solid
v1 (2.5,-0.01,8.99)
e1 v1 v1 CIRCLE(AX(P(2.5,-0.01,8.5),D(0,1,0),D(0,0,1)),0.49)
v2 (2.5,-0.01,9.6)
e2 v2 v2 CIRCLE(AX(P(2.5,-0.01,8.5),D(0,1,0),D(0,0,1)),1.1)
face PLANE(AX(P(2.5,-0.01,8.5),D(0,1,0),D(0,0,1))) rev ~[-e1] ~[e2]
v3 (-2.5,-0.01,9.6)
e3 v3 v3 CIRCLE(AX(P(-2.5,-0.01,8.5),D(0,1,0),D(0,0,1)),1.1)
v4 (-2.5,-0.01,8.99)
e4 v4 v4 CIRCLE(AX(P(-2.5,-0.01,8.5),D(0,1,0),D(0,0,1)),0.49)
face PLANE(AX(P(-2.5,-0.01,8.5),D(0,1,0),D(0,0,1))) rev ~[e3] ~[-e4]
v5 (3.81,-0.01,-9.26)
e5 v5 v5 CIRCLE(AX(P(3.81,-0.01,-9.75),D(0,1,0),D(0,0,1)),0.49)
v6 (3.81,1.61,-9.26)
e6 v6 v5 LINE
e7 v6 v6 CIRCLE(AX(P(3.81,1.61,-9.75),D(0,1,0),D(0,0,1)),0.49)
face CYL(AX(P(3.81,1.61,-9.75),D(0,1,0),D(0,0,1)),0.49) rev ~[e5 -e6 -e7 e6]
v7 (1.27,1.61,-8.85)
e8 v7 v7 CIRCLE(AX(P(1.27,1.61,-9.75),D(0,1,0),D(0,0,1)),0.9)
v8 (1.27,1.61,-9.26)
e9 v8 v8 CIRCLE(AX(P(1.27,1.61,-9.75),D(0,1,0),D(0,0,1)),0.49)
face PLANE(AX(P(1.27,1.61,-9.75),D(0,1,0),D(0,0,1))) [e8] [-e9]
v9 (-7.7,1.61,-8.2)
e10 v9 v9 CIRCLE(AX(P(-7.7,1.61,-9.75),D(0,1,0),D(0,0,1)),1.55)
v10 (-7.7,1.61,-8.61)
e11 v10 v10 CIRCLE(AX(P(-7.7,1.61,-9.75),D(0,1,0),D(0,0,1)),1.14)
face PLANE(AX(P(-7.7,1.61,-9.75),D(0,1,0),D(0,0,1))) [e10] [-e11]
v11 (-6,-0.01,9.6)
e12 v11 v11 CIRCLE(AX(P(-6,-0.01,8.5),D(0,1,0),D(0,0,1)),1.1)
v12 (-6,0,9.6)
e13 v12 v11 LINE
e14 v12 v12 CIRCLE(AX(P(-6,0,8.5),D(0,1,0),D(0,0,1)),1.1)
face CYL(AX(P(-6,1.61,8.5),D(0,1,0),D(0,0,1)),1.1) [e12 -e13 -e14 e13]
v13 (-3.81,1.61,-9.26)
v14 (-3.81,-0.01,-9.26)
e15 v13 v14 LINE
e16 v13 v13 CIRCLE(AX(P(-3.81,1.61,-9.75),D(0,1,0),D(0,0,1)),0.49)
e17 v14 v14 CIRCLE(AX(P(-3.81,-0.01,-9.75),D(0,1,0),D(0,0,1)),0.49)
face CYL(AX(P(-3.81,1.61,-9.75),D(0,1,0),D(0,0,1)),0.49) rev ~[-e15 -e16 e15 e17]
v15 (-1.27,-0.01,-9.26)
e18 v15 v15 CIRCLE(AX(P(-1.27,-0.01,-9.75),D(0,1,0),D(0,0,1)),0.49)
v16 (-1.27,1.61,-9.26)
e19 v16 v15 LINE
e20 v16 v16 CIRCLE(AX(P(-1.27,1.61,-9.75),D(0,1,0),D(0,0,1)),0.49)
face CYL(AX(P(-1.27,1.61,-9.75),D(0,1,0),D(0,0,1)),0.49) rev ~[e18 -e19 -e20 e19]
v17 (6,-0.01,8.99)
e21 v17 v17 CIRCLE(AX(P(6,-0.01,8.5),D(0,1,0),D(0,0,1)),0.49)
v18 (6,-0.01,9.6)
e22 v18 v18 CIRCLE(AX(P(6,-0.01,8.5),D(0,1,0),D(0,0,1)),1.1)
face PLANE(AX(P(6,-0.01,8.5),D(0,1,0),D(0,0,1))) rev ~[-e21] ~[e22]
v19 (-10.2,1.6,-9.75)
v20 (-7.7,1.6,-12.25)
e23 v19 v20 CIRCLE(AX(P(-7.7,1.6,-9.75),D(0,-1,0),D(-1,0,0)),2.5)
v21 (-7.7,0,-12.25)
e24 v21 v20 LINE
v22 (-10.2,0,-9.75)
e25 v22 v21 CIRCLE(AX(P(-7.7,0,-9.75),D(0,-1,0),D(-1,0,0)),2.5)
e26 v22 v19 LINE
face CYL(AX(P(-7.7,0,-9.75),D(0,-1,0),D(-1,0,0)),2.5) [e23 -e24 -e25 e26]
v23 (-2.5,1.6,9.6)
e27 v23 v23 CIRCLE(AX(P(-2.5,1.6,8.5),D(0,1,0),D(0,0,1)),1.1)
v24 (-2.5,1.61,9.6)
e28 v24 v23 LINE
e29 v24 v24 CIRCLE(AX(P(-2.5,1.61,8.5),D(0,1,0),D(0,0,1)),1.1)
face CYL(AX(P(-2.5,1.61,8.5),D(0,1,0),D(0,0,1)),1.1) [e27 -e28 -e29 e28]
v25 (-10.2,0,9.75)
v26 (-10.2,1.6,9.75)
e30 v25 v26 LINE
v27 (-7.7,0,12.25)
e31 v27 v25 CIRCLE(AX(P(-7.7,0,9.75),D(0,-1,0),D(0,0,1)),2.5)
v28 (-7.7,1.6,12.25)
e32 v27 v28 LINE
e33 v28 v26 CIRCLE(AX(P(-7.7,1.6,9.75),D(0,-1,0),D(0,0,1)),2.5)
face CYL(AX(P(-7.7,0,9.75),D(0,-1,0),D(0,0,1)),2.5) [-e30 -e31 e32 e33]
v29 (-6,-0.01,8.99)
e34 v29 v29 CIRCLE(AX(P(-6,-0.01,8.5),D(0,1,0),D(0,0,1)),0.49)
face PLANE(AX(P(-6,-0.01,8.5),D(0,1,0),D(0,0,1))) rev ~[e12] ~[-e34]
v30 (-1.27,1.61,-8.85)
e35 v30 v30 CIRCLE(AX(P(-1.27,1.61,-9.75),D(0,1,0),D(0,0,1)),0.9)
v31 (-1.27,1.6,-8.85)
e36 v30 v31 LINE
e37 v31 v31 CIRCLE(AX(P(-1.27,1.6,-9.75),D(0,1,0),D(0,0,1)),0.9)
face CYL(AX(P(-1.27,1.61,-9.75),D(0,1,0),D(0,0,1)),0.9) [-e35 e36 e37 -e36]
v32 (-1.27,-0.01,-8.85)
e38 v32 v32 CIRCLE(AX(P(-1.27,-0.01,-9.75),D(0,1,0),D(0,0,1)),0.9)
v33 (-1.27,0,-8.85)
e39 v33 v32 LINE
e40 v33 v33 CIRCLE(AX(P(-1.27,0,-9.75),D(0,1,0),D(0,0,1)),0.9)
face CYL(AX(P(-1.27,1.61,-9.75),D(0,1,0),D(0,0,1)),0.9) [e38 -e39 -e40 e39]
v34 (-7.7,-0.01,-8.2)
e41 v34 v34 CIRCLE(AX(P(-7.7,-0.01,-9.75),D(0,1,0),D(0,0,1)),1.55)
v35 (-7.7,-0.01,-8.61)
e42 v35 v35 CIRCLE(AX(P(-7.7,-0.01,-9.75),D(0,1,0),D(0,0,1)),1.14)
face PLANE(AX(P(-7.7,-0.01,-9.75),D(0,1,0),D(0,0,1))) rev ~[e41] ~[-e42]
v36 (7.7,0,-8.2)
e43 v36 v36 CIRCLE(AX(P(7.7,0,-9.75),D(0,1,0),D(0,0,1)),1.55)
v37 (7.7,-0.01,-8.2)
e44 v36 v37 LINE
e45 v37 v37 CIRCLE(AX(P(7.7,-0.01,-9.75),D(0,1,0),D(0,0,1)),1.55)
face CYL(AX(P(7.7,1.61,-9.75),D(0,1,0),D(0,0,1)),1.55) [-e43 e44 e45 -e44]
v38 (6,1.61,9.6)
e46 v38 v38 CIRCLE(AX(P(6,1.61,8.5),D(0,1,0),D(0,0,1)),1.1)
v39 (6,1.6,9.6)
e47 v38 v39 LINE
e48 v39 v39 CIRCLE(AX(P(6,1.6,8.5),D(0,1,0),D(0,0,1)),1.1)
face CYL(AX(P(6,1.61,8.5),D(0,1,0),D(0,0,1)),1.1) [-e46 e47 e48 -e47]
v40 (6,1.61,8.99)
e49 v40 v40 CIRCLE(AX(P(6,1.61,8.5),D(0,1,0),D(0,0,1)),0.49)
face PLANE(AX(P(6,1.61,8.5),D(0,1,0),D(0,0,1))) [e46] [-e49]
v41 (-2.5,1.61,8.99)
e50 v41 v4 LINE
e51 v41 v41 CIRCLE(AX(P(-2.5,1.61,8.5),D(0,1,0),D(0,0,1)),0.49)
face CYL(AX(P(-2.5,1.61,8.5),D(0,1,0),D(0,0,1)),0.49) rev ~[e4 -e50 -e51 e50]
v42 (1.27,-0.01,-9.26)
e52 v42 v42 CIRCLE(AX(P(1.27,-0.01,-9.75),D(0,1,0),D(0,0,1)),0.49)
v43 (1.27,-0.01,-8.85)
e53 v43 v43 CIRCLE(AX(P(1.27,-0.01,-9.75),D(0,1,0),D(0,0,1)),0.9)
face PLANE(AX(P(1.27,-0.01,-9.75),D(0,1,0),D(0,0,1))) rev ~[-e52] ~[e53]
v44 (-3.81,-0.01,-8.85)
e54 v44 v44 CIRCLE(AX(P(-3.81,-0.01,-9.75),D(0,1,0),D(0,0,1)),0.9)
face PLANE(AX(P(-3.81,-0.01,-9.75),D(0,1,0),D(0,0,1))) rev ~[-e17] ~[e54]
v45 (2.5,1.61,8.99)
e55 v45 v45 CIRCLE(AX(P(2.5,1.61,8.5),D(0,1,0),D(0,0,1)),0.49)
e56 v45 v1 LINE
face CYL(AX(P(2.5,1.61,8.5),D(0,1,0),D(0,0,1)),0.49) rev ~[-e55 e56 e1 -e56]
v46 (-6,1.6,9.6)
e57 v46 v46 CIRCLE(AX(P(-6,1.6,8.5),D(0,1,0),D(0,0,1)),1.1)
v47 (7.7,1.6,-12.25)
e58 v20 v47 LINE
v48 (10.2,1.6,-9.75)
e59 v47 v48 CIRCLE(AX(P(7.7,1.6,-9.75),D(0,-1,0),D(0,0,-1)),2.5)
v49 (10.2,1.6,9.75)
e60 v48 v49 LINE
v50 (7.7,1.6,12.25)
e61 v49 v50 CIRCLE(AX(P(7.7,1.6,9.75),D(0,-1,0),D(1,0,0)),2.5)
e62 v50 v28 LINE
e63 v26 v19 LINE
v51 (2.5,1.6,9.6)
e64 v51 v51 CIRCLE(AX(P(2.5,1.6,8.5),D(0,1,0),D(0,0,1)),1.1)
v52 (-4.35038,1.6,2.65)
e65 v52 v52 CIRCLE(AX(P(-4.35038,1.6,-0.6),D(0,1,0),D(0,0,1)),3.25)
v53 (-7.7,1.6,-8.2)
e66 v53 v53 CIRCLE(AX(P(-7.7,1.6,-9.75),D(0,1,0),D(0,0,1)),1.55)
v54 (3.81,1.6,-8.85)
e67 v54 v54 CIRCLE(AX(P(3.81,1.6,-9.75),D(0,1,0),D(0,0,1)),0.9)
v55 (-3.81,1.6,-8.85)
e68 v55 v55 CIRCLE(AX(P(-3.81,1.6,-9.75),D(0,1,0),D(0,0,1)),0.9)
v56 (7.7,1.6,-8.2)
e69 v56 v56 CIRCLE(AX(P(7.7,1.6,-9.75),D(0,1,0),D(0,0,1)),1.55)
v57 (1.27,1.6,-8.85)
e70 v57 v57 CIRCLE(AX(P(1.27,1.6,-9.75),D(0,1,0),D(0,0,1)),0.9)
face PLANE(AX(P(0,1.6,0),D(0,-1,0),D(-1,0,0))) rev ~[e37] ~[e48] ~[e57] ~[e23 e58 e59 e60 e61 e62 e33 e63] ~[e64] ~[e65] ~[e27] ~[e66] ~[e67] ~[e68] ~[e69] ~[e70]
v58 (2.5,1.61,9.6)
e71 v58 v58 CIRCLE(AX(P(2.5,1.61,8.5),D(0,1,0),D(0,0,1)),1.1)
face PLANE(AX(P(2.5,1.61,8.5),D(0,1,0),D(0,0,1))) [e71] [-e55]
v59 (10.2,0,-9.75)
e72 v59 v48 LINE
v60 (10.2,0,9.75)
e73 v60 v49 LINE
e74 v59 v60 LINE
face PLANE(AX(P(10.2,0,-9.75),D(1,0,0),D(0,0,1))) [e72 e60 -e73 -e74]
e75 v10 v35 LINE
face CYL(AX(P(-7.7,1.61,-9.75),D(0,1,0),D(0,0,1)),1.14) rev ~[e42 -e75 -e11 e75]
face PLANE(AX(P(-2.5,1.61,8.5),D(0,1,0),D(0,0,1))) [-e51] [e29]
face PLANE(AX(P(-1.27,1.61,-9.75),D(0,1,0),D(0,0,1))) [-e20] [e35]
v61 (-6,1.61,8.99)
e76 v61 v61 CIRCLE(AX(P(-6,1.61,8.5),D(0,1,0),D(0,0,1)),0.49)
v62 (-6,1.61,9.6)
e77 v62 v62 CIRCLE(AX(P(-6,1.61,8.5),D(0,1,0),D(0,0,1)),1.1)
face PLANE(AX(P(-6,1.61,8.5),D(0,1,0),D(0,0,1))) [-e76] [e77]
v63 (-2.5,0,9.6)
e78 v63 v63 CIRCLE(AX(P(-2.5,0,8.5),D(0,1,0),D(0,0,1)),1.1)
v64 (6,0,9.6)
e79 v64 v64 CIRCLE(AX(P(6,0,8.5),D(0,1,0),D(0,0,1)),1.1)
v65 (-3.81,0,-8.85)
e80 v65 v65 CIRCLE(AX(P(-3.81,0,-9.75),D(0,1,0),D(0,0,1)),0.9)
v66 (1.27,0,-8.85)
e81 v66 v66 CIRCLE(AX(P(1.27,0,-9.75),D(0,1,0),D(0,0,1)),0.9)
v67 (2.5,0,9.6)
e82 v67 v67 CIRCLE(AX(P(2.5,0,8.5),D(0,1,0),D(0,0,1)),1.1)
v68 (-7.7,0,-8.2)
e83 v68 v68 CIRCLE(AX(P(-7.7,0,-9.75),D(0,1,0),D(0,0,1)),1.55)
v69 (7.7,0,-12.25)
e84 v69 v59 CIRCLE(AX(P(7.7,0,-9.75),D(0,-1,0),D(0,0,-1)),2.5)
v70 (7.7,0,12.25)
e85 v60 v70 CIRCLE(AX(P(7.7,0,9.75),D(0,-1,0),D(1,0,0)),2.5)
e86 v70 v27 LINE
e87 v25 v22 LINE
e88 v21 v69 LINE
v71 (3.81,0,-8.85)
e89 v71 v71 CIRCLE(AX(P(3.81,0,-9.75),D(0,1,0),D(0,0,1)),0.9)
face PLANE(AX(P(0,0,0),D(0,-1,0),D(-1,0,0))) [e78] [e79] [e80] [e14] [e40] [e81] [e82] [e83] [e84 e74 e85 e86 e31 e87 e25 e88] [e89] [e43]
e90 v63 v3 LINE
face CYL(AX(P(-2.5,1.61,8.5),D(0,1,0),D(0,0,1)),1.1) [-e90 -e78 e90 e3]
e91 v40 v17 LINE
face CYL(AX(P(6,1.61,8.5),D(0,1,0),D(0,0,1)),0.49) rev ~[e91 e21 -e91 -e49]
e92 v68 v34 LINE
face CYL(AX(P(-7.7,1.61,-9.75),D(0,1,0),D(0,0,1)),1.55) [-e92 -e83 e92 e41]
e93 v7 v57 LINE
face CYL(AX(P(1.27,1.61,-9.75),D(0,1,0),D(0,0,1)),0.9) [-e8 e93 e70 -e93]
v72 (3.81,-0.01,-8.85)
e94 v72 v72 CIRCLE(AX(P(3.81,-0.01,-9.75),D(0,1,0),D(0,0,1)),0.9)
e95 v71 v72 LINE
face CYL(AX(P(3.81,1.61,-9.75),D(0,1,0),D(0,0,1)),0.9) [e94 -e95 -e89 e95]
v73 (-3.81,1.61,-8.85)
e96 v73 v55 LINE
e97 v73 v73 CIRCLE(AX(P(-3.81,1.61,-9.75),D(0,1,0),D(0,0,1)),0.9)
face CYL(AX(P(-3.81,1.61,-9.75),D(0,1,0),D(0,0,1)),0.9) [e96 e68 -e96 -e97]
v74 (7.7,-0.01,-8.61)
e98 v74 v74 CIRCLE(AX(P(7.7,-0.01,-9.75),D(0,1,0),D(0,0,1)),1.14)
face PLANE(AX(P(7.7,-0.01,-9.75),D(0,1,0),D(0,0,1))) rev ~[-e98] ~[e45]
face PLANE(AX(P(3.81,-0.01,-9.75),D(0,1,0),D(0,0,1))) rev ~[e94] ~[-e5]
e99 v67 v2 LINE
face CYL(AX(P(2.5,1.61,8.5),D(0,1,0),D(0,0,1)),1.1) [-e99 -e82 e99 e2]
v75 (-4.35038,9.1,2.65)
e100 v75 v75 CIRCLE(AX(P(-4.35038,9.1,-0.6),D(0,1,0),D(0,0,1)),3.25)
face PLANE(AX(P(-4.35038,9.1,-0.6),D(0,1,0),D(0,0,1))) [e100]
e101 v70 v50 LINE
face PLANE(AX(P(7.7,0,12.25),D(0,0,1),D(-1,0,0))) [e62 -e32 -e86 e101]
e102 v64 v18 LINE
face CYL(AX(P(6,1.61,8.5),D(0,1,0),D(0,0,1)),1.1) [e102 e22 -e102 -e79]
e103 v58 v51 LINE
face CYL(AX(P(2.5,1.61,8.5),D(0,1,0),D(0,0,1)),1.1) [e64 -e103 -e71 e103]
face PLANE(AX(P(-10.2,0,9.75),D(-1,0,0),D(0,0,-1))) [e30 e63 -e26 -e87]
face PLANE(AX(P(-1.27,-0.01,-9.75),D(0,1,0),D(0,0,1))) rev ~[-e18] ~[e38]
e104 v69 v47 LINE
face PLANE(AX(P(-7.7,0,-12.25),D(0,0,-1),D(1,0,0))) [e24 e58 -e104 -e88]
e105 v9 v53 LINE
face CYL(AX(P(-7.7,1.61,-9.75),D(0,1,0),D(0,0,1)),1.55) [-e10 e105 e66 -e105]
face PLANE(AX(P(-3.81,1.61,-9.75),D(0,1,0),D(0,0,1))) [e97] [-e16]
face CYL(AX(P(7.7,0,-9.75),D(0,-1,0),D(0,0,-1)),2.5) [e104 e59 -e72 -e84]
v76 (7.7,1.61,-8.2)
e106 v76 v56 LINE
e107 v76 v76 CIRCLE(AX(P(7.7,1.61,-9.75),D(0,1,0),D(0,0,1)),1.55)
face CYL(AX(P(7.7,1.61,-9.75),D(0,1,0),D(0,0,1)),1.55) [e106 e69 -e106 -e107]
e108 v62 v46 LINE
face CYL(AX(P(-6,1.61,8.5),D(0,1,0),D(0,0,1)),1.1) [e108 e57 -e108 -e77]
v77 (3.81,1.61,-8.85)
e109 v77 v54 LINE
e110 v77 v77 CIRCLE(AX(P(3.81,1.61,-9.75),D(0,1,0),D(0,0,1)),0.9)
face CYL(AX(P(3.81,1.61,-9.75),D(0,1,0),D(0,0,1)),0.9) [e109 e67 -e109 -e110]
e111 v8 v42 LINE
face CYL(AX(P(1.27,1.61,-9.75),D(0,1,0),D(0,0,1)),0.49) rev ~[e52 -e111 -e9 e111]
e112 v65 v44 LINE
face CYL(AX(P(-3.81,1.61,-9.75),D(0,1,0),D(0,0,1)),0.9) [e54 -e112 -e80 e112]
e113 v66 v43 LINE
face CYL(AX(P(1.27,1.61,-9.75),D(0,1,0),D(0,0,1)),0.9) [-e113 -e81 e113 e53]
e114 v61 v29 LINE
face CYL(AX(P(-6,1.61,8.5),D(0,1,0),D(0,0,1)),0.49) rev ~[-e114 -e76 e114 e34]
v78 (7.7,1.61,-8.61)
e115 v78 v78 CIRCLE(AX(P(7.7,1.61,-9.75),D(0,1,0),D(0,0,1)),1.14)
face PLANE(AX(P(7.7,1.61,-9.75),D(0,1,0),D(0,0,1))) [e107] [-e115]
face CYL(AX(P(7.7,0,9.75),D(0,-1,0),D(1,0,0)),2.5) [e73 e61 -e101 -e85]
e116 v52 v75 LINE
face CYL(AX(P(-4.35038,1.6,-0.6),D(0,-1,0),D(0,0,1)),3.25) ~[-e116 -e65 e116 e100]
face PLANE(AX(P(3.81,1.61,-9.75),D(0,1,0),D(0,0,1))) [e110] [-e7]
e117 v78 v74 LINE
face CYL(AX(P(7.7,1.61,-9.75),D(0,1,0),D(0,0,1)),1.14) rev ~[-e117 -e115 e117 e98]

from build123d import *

# Parameters (mm, degrees)
SKETCH1_R           = 1.15
SKETCH1_R_2         = 0.5
BOSS_EXTRUDE1_DEPTH = 1.6
SKETCH2_R           = 1.55
SKETCH2_R_2         = 1.14
SKETCH2_R_3         = 0.9
SKETCH2_R_4         = 0.49
SKETCH2_R_5         = 1.1
BOSS_EXTRUDE2_DEPTH = 1.62
SKETCH3_R           = 3.25
BOSS_EXTRUDE3_DEPTH = 7.5


with BuildPart() as part:
    # Sketch1 → Boss-Extrude1 (new body)
    with BuildSketch(Plane(origin=(0, 0, 0), x_dir=(1, 0, 0), z_dir=(0, 1, 0))):
        with BuildLine():
            Line((-7.7, 12.25), (7.7, 12.25))
            ThreePointArc((7.7, 12.25), (9.467766953, 11.517766953), (10.2, 9.75))
            Line((10.2, 9.75), (10.2, -9.75))
            ThreePointArc((10.2, -9.75), (9.467766953, -11.517766953), (7.7, -12.25))
            Line((7.7, -12.25), (-7.7, -12.25))
            ThreePointArc((-7.7, -12.25), (-9.467766953, -11.517766953), (-10.2, -9.75))
            Line((-10.2, -9.75), (-10.2, 9.75))
            ThreePointArc((-10.2, 9.75), (-9.467766953, 11.517766953), (-7.7, 12.25))
        make_face()
        with Locations(Location((-7.7, 9.75, 0), (0, 0, 270))):
            Circle(SKETCH1_R, mode=Mode.SUBTRACT)
        with Locations(Location((7.7, 9.75, 0), (0, 0, 270))):
            Circle(SKETCH1_R, mode=Mode.SUBTRACT)
        with Locations(Location((-3.81, 9.75, 0), (0, 0, 270))):
            Circle(SKETCH1_R_2, mode=Mode.SUBTRACT)
        with Locations(Location((-1.27, 9.75, 0), (0, 0, 270))):
            Circle(SKETCH1_R_2, mode=Mode.SUBTRACT)
        with Locations(Location((1.27, 9.75, 0), (0, 0, 270))):
            Circle(SKETCH1_R_2, mode=Mode.SUBTRACT)
        with Locations(Location((3.81, 9.75, 0), (0, 0, 270))):
            Circle(SKETCH1_R_2, mode=Mode.SUBTRACT)
        with Locations(Location((-6, -8.5, 0), (0, 0, 270))):
            Circle(SKETCH1_R_2, mode=Mode.SUBTRACT)
        with Locations(Location((-2.5, -8.5, 0), (0, 0, 270))):
            Circle(SKETCH1_R_2, mode=Mode.SUBTRACT)
        with Locations(Location((6, -8.5, 0), (0, 0, 90))):
            Circle(SKETCH1_R_2, mode=Mode.SUBTRACT)
        with Locations(Location((2.5, -8.5, 0), (0, 0, 90))):
            Circle(SKETCH1_R_2, mode=Mode.SUBTRACT)
    extrude(amount=BOSS_EXTRUDE1_DEPTH)

    # Sketch2 → Boss-Extrude2 (add)
    # profile 1 of 10: a face of its own
    with BuildSketch(Plane(origin=(0, 1.61, 0), x_dir=(1, 0, 0), z_dir=(0, 1, 0))):
        with Locations(Location((7.7, 9.75, 0), (0, 0, 270))):
            Circle(SKETCH2_R)
        with Locations(Location((7.7, 9.75, 0), (0, 0, 270))):
            Circle(SKETCH2_R_2, mode=Mode.SUBTRACT)
    # profile 2 of 10: a face of its own
    with BuildSketch(Plane(origin=(0, 1.61, 0), x_dir=(1, 0, 0), z_dir=(0, 1, 0))):
        with Locations(Location((3.81, 9.75, 0), (0, 0, 270))):
            Circle(SKETCH2_R_3)
        with Locations(Location((3.81, 9.75, 0), (0, 0, 270))):
            Circle(SKETCH2_R_4, mode=Mode.SUBTRACT)
    # profile 3 of 10: a face of its own
    with BuildSketch(Plane(origin=(0, 1.61, 0), x_dir=(1, 0, 0), z_dir=(0, 1, 0))):
        with Locations(Location((1.27, 9.75, 0), (0, 0, 270))):
            Circle(SKETCH2_R_3)
        with Locations(Location((1.27, 9.75, 0), (0, 0, 270))):
            Circle(SKETCH2_R_4, mode=Mode.SUBTRACT)
    # profile 4 of 10: a face of its own
    with BuildSketch(Plane(origin=(0, 1.61, 0), x_dir=(1, 0, 0), z_dir=(0, 1, 0))):
        with Locations(Location((-1.27, 9.75, 0), (0, 0, 270))):
            Circle(SKETCH2_R_3)
        with Locations(Location((-1.27, 9.75, 0), (0, 0, 270))):
            Circle(SKETCH2_R_4, mode=Mode.SUBTRACT)
    # profile 5 of 10: a face of its own
    with BuildSketch(Plane(origin=(0, 1.61, 0), x_dir=(1, 0, 0), z_dir=(0, 1, 0))):
        with Locations(Location((-3.81, 9.75, 0), (0, 0, 270))):
            Circle(SKETCH2_R_3)
        with Locations(Location((-3.81, 9.75, 0), (0, 0, 270))):
            Circle(SKETCH2_R_4, mode=Mode.SUBTRACT)
    # profile 6 of 10: a face of its own
    with BuildSketch(Plane(origin=(0, 1.61, 0), x_dir=(1, 0, 0), z_dir=(0, 1, 0))):
        with Locations(Location((-7.7, 9.75, 0), (0, 0, 270))):
            Circle(SKETCH2_R)
        with Locations(Location((-7.7, 9.75, 0), (0, 0, 270))):
            Circle(SKETCH2_R_2, mode=Mode.SUBTRACT)
    # profile 7 of 10: a face of its own
    with BuildSketch(Plane(origin=(0, 1.61, 0), x_dir=(1, 0, 0), z_dir=(0, 1, 0))):
        with Locations(Location((-6, -8.5, 0), (0, 0, 270))):
            Circle(SKETCH2_R_5)
        with Locations(Location((-6, -8.5, 0), (0, 0, 270))):
            Circle(SKETCH2_R_4, mode=Mode.SUBTRACT)
    # profile 8 of 10: a face of its own
    with BuildSketch(Plane(origin=(0, 1.61, 0), x_dir=(1, 0, 0), z_dir=(0, 1, 0))):
        with Locations(Location((-2.5, -8.5, 0), (0, 0, 270))):
            Circle(SKETCH2_R_5)
        with Locations(Location((-2.5, -8.5, 0), (0, 0, 270))):
            Circle(SKETCH2_R_4, mode=Mode.SUBTRACT)
    # profile 9 of 10: a face of its own
    with BuildSketch(Plane(origin=(0, 1.61, 0), x_dir=(1, 0, 0), z_dir=(0, 1, 0))):
        with Locations(Location((2.5, -8.5, 0), (0, 0, 270))):
            Circle(SKETCH2_R_5)
        with Locations(Location((2.5, -8.5, 0), (0, 0, 270))):
            Circle(SKETCH2_R_4, mode=Mode.SUBTRACT)
    # profile 10 of 10: a face of its own
    with BuildSketch(Plane(origin=(0, 1.61, 0), x_dir=(1, 0, 0), z_dir=(0, 1, 0))):
        with Locations(Location((6, -8.5, 0), (0, 0, 270))):
            Circle(SKETCH2_R_5)
        with Locations(Location((6, -8.5, 0), (0, 0, 270))):
            Circle(SKETCH2_R_4, mode=Mode.SUBTRACT)
    extrude(amount=-BOSS_EXTRUDE2_DEPTH)

    # Sketch3 → Boss-Extrude3 (add)
    with BuildSketch(Plane(origin=(0, 1.6, 0), x_dir=(1, 0, 0), z_dir=(0, 1, 0))):
        with Locations(Location((-4.35038, 0.6, 0), (0, 0, 270))):
            Circle(SKETCH3_R)
    extrude(amount=BOSS_EXTRUDE3_DEPTH)


solid = part.part
